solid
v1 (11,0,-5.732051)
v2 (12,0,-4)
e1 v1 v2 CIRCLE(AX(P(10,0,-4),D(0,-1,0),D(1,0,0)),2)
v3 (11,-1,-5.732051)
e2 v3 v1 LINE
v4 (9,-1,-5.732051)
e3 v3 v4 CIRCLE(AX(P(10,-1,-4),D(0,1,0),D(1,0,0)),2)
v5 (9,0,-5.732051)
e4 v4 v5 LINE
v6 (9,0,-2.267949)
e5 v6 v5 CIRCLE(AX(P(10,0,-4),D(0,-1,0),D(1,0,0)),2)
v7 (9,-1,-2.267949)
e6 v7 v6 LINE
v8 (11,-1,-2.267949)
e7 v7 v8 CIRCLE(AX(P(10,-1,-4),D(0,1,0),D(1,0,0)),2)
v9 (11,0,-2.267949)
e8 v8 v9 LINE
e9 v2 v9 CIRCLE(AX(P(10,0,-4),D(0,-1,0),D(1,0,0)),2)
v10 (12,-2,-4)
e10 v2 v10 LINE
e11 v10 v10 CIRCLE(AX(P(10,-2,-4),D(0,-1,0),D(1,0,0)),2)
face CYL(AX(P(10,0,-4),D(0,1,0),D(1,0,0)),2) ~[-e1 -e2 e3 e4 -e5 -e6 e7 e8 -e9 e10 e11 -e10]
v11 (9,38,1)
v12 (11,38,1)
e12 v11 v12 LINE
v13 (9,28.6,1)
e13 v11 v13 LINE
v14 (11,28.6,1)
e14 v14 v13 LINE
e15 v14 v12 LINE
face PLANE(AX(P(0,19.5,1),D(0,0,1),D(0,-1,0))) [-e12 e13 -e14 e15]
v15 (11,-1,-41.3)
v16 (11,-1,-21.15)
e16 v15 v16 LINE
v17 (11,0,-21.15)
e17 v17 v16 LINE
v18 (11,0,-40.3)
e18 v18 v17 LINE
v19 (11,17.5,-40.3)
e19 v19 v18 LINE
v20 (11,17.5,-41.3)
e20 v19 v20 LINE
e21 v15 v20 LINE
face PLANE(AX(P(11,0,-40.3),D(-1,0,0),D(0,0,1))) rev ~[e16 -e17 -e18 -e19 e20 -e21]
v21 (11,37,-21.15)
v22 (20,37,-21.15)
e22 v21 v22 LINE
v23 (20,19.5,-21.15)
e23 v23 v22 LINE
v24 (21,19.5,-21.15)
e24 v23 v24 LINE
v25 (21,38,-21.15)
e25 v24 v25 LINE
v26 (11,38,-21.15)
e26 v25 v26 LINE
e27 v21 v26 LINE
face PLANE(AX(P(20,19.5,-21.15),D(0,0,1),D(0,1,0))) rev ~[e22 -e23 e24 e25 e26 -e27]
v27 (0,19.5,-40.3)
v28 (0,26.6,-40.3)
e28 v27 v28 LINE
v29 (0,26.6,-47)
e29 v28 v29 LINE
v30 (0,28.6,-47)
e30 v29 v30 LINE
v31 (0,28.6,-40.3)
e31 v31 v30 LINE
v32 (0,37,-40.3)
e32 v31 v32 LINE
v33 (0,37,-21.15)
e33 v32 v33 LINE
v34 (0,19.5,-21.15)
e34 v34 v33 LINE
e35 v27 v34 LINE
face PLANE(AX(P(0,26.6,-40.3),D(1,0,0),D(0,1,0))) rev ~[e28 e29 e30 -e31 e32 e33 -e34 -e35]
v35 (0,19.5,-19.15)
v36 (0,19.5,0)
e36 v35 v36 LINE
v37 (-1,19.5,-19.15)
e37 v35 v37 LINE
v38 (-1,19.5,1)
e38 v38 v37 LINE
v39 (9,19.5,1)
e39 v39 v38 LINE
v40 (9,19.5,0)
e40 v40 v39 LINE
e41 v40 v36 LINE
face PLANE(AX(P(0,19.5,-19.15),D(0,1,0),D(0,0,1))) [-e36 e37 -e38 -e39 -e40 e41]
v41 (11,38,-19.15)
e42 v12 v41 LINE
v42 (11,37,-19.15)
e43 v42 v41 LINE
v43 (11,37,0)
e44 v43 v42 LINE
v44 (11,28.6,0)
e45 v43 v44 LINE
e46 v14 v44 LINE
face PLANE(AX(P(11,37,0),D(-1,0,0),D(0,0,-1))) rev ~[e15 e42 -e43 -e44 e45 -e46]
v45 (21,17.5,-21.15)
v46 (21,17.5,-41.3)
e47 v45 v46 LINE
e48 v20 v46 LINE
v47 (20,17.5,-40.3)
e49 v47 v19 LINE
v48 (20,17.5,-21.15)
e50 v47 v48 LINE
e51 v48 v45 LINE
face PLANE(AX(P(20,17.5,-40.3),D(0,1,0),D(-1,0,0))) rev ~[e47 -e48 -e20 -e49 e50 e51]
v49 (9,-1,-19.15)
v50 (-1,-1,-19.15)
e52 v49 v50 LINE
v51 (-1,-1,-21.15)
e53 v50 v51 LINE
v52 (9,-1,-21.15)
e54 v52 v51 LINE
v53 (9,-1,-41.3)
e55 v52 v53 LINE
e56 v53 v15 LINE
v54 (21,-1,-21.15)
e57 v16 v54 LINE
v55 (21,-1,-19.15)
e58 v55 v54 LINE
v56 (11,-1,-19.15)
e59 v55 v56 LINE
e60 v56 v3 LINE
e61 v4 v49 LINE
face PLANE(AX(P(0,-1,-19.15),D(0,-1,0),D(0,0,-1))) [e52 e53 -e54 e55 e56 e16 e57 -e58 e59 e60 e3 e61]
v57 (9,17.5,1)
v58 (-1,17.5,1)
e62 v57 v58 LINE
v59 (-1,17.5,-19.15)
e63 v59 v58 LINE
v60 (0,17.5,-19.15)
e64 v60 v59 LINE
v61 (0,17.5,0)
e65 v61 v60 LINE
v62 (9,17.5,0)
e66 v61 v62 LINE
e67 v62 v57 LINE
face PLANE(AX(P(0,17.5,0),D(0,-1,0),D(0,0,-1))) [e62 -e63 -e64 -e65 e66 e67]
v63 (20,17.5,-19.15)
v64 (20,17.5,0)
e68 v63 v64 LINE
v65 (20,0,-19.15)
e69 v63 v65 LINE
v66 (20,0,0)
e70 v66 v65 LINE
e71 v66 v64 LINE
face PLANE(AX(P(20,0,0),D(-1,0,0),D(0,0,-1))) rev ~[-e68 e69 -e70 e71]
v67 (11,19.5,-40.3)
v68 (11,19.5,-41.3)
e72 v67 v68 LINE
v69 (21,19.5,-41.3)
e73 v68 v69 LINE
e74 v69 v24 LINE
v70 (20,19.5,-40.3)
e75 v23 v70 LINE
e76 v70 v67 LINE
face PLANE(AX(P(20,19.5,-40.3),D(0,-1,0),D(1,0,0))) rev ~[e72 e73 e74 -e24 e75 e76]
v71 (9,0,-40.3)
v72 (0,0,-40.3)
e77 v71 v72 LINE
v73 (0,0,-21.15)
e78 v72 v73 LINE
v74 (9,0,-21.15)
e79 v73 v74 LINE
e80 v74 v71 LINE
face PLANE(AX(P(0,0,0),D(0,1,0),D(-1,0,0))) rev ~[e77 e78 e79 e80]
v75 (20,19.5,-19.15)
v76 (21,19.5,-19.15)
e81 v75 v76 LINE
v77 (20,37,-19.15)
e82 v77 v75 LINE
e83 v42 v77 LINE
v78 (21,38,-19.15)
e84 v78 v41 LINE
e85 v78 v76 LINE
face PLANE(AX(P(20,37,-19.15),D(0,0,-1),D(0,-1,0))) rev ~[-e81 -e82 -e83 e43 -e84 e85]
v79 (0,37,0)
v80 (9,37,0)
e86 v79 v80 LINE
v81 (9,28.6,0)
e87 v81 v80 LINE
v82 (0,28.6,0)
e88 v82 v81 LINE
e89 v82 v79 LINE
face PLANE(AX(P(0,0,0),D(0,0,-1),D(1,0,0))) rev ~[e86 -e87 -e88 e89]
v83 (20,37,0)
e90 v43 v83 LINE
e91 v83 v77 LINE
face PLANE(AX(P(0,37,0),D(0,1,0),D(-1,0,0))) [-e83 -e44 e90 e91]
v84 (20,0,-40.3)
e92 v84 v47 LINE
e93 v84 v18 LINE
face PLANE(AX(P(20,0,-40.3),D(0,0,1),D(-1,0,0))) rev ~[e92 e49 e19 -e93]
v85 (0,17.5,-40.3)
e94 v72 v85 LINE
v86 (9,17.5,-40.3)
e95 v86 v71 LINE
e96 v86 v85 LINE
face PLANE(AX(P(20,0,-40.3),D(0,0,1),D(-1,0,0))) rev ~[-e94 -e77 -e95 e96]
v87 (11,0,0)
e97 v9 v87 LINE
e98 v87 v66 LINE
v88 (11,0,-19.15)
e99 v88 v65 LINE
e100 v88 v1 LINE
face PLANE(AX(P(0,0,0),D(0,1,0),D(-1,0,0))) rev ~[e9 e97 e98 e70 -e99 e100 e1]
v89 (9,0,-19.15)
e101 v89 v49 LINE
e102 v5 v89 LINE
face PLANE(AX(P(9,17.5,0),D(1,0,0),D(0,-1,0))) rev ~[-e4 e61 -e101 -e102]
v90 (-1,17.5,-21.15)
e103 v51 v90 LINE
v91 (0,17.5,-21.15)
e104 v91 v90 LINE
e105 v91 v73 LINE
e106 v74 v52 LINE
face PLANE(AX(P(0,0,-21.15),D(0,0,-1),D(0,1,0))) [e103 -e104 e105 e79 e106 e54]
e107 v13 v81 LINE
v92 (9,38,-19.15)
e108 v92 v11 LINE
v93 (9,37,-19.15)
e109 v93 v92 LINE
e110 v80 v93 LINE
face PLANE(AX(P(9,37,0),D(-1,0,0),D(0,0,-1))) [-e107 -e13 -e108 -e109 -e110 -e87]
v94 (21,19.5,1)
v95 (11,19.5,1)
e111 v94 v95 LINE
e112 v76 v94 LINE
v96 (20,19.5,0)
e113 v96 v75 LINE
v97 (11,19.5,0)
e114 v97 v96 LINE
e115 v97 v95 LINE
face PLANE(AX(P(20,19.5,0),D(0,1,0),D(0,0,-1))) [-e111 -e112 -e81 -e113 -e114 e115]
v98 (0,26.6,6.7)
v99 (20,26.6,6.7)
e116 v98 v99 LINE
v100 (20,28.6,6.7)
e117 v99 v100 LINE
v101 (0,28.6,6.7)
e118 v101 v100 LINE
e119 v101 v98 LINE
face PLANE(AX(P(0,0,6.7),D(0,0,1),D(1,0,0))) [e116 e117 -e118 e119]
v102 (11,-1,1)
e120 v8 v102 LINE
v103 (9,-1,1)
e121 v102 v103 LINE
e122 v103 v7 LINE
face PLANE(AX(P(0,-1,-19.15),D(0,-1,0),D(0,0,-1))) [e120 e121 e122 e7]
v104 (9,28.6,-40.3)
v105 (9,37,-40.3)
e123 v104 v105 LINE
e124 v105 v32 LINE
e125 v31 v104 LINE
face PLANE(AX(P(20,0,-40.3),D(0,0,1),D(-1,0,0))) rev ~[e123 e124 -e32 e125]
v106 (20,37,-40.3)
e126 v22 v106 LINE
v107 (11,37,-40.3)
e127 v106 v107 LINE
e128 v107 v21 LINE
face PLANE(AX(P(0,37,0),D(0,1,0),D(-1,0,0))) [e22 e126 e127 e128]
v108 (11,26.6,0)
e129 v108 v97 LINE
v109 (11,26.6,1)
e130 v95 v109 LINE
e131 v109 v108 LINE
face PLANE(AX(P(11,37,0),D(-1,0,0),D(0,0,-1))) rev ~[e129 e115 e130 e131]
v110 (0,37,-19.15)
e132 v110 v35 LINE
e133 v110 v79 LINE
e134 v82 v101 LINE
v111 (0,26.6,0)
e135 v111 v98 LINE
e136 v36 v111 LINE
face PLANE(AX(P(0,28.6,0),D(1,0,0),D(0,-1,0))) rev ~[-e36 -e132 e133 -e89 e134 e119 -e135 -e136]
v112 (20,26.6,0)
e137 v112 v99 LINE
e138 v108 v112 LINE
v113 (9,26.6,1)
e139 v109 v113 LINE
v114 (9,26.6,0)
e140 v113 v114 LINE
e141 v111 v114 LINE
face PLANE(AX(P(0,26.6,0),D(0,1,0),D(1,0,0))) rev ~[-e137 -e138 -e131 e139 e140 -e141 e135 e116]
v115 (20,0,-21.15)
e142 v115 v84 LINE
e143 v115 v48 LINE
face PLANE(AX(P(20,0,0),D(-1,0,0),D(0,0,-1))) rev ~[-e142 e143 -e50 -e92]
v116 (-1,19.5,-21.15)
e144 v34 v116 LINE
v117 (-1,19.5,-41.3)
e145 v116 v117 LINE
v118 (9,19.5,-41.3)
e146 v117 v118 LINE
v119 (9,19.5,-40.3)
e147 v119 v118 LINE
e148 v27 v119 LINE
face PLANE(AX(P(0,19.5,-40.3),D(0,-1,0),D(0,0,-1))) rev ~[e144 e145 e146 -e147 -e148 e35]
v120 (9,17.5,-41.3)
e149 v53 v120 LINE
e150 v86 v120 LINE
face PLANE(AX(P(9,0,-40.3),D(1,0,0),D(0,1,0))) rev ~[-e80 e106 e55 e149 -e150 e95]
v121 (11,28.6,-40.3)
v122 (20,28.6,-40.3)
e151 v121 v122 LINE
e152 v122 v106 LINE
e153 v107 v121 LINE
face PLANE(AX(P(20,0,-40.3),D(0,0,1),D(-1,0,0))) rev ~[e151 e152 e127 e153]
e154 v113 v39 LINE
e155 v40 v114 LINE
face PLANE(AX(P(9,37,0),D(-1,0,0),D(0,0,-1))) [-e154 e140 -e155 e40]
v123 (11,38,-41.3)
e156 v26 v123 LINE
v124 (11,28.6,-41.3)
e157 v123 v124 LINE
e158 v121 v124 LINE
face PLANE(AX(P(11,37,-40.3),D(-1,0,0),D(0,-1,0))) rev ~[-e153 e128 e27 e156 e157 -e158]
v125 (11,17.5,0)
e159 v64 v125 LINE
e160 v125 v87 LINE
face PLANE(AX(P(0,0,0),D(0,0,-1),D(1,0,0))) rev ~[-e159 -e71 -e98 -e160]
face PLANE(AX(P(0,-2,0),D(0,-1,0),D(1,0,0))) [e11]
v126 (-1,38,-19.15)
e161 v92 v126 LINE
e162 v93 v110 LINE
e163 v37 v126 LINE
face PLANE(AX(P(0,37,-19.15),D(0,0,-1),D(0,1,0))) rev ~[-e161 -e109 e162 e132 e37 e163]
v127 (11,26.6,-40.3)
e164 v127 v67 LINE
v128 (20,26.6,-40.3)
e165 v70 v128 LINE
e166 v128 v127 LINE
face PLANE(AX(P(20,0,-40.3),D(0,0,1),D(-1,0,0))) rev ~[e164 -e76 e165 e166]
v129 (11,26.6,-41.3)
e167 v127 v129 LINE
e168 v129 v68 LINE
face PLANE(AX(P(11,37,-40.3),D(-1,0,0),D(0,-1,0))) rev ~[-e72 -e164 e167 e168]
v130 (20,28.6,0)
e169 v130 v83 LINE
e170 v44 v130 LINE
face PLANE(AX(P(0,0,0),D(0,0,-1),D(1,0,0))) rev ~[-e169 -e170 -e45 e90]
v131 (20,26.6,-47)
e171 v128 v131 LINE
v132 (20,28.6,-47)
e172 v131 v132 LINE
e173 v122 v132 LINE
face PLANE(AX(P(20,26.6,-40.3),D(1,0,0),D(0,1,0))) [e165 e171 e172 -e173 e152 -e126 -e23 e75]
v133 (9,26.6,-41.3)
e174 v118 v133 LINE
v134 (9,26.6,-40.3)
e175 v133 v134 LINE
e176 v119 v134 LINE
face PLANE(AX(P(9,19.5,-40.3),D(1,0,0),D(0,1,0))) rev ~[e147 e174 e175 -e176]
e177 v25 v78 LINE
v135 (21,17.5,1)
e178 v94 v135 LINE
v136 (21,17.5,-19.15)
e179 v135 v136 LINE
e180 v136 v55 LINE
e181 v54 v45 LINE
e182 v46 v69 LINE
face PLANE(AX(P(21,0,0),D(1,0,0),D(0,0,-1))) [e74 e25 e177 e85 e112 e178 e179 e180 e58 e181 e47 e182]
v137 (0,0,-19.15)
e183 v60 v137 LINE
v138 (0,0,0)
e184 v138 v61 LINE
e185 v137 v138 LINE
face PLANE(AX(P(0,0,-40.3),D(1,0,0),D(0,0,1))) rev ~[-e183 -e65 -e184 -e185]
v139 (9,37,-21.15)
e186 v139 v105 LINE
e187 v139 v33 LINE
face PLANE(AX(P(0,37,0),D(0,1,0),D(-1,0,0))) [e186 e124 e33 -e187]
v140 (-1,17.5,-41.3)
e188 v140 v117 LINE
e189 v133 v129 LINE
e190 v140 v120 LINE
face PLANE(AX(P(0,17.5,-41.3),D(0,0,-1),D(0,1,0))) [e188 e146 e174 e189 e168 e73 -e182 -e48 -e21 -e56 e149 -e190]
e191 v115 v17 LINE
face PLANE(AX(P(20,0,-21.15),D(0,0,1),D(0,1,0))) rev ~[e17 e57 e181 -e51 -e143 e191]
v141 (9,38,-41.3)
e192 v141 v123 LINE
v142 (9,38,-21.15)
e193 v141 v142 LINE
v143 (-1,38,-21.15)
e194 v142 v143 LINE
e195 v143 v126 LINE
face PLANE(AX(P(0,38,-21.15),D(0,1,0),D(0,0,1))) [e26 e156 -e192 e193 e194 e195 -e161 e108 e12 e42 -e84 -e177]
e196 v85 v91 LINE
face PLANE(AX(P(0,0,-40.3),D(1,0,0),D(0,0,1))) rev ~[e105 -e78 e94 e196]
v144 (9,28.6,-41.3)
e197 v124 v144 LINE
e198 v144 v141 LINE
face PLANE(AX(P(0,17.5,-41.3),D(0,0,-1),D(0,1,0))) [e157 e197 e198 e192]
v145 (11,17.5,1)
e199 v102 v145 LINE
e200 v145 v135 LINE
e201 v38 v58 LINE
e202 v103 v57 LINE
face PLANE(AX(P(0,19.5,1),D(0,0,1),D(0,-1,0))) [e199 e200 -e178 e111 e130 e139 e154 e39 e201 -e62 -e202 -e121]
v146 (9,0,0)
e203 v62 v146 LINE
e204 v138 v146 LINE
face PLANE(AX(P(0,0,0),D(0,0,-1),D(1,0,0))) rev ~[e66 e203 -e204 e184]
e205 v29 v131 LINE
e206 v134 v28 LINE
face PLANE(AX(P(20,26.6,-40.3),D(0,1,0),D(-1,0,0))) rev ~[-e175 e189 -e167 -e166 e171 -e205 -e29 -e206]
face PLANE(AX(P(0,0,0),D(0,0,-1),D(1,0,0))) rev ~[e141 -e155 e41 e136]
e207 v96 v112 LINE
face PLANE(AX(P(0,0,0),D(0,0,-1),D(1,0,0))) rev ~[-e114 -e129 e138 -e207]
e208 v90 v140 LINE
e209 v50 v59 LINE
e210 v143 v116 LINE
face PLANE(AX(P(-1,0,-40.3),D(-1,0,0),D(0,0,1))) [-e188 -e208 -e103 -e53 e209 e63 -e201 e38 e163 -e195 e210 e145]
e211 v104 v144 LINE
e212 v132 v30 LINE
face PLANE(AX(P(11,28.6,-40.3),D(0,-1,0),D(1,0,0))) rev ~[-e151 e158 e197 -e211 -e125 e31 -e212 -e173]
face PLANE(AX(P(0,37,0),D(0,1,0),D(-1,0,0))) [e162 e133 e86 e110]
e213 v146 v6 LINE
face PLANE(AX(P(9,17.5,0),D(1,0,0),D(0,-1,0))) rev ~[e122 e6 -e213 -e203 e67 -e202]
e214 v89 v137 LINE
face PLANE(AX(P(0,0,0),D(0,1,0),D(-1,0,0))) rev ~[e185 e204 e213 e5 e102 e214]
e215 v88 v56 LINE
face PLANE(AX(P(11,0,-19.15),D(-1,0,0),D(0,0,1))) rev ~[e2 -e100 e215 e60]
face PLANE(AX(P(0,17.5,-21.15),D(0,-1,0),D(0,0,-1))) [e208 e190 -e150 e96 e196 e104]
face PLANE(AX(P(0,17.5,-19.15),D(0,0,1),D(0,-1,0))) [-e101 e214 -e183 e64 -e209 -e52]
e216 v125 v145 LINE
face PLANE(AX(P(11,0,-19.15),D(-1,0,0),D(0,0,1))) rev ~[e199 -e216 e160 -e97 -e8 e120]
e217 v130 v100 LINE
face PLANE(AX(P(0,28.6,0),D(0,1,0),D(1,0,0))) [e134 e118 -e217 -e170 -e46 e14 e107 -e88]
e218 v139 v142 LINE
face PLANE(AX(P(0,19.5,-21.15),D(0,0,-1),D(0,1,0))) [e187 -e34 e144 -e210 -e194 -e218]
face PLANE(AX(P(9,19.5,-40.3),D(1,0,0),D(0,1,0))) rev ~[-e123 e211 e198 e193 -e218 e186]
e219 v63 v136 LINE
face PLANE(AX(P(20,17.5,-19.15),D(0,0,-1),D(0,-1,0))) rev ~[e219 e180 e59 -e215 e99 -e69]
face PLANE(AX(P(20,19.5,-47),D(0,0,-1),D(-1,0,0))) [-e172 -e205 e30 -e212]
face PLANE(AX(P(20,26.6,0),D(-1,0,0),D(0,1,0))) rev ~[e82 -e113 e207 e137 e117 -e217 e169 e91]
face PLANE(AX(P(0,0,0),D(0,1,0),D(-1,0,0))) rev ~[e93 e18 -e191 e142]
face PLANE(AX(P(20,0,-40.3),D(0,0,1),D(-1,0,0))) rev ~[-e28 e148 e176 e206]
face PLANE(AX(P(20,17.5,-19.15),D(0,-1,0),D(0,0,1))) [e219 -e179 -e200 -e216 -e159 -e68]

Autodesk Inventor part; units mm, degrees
ref_plane "YZ Plane" through (0, 0, 0) normal (1, 0, 0) x (0, 1, 0)
ref_plane "XZ Plane" through (0, 0, 0) normal (0, 1, 0) x (-1, 0, 0)
ref_plane "XY Plane" through (0, 0, 0) normal (0, 0, 1) x (1, 0, 0)
sketch "Sketch1" plane through (0, 0, 0) normal (0, 1, 0) x (-1, 0, 0)
  line L0 (0, 0) -> (-20, 0)
  line L1 (-20, 0) -> (-20, -40.3)
  line L2 (-20, -40.3) -> (0, -40.3)
  line L3 (0, -40.3) -> (0, 0)
  dimension "d0" = 20
  dimension "d1" = 40.3
extrude "Extrusion1" add sketch "Sketch1" along normal blind 37
sketch "Sketch2" plane through (20, 0, 0) normal (1, 0, 0) x (0, 0, -1)
  line L0 (0, 0) -> (40.3, 0) projected
  line L1 (40.3, 0) -> (40.3, 37) projected
  line L2 (21.15, 37) -> (19.15, 37)
  line L3 (19.15, 37) -> (19.15, 0)
  line L4 (19.15, 0) -> (21.15, 0)
  line L5 (21.15, 0) -> (21.15, 37)
  line L6 (0, 37) -> (40.3, 37) projected
  line L7 (0, 19.5) -> (40.3, 19.5)
  line L8 (40.3, 19.5) -> (40.3, 17.5)
  line L9 (40.3, 17.5) -> (0, 17.5)
  line L10 (0, 17.5) -> (0, 19.5)
  line L11 (0, 0) -> (0, 37) projected
  point P0 (19.15, 19.5)
  point P1 (19.15, 17.5)
  point P2 (21.15, 17.5)
  point P3 (21.15, 19.5)
  dimension "d5" = 2
  dimension "d6" = 19.15
  dimension "d7" = 0
  dimension "d9" = 2
  dimension "d10" = 17.5
  dimension "d11" = 0
extrude "Extrusion2" add sketch "Sketch2" along normal blind 1 contours L3 L9 L5 L0 | L10 L7 L3 L9 | L3 L7 L5 L9 | L5 L7 L1 L9 | L3 L2 L5 L7
sketch "Sketch3" plane through (0, 0, 0) normal (0, -1, 0) x (1, 0, 0)
  line L0 (0, 0) -> (20, 0) projected
  line L1 (0, -40.3) -> (0, 0) projected
  line L2 (20, -40.3) -> (0, -40.3) projected
  line L3 (20, -21.15) -> (21, -21.15) projected
  line L4 (21, -19.15) -> (21, -21.15) projected
  line L5 (20, -19.15) -> (21, -19.15) projected
  line L6 (21, -19.15) -> (0, -19.15)
  line L7 (0, -19.15) -> (0, -21.15)
  line L8 (0, -21.15) -> (21, -21.15)
  line L9 (21, -21.15) -> (21, -19.15)
  line L10 (0, 0) -> (20, 0) projected
  line L11 (11, 0) -> (9, 0)
  line L12 (9, 0) -> (9, -40.3)
  line L13 (9, -40.3) -> (11, -40.3)
  line L14 (11, -40.3) -> (11, 0)
  line L15 (9, -40.3) -> (9, 0)
  point P0 (9, -21.15)
  point P1 (11, -21.15)
  point P2 (11, -19.15)
  point P3 (9, -19.15)
  dimension "d14" = 10
  dimension "d15" = 12
  dimension "d16" = 0
extrude "Extrusion3" add sketch "Sketch3" along normal blind 1 contours L0 L14 L6 L12 | L6 L12 L8 L1 | L6 L14 L8 L12 | L6 L5 L4 L3 L8 L14 | L8 L14 L2 L12
sketch "Sketch4" plane through (20, 37, -40.3) normal (0, 0, -1) x (-1, 0, 0)
  line L0 (9, -37) -> (9, -38) projected
  line L1 (11, -38) -> (9, -38) projected
  line L2 (11, -37) -> (11, -38) projected
  line L3 (20, -37) -> (20, 0) projected
  line L4 (0, 0) -> (20, 0) projected
  line L5 (0, -17.5) -> (-1, -17.5) projected
  line L6 (-1, -19.5) -> (-1, -17.5) projected
  line L7 (0, -19.5) -> (-1, -19.5) projected
  line L8 (9, -38) -> (11, -38)
  line L9 (11, -38) -> (11, 0)
  line L10 (11, 0) -> (9, 0)
  line L11 (9, 0) -> (9, -38)
  line L12 (-1, -19.5) -> (20, -19.5)
  line L13 (20, -19.5) -> (20, -17.5)
  line L14 (20, -17.5) -> (-1, -17.5)
  line L15 (-1, -17.5) -> (-1, -19.5)
  point P0 (11, -17.5)
  point P1 (9, -17.5)
  point P2 (9, -19.5)
  point P3 (11, -19.5)
extrude "Extrusion4" add sketch "Sketch4" along normal blind 1 contours L11 L12 L9 L2 L1 L0 | L12 L7 L6 L5 L14 L11 | L11 L14 L9 L12 | L11 L4 L9 L14 | L9 L14 L3 L12
sketch "Sketch5" plane through (0, 37, 0) normal (0, 1, 0) x (1, 0, 0)
  line L0 (20, 19.15) -> (21, 19.15) projected
  line L1 (21, 21.15) -> (21, 19.15) projected
  line L2 (20, 21.15) -> (21, 21.15) projected
  line L3 (11, 40.3) -> (11, 41.3) projected
  line L4 (9, 41.3) -> (11, 41.3) projected
  line L5 (9, 40.3) -> (9, 41.3) projected
  line L6 (0, 40.3) -> (0, 0) projected
  line L7 (0, 0) -> (20, 0) projected
  line L8 (9, 0) -> (9, 19.15) projected
  line L9 (11, 41.3) -> (9, 41.3)
  line L10 (9, 41.3) -> (9, 0)
  line L11 (9, 0) -> (11, 0)
  line L12 (11, 0) -> (11, 41.3)
  line L13 (9, 19.15) -> (0, 19.15) projected
  line L14 (21, 21.15) -> (0, 21.15)
  line L15 (0, 21.15) -> (0, 19.15)
  line L16 (0, 19.15) -> (21, 19.15)
  line L17 (21, 19.15) -> (21, 21.15)
  point P0 (11, 19.15)
  point P1 (11, 21.15)
  point P2 (9, 21.15)
extrude "Extrusion5" add sketch "Sketch5" along normal blind 1 contours L16 L12 L14 L2 L1 L0 | L16 L10 L14 L12 | L12 L7 L8 L16 | L14 L10 L5 L4 L3 L12 | L13 L6 L14 L10
sketch "Sketch6" plane through (0, 0, 0) normal (0, 0, 1) x (1, 0, 0)
  line L0 (9, 0) -> (9, -1) projected
  line L1 (11, -1) -> (9, -1) projected
  line L2 (11, 0) -> (11, -1) projected
  line L3 (20, 17.5) -> (21, 17.5) projected
  line L4 (21, 19.5) -> (21, 17.5) projected
  line L5 (20, 19.5) -> (21, 19.5) projected
  line L6 (11, 37) -> (11, 38) projected
  line L7 (9, 38) -> (11, 38) projected
  line L8 (9, 37) -> (9, 38) projected
  line L9 (0, 0) -> (0, 37) projected
  line L10 (11, 37) -> (11, 38) projected
  line L11 (0, -1) -> (9, -1) projected
  line L12 (11, 38) -> (9, 38)
  line L13 (9, 38) -> (9, -1)
  line L14 (9, -1) -> (11, -1)
  line L15 (11, -1) -> (11, 38)
  line L16 (21, 19.5) -> (21, 17.5) projected
  line L17 (0, 0) -> (0, 17.5) projected
  line L18 (21, 19.5) -> (0, 19.5)
  line L19 (0, 19.5) -> (0, 17.5)
  line L20 (0, 17.5) -> (21, 17.5)
  line L21 (21, 17.5) -> (21, 19.5)
  point P0 (11, 17.5)
  point P1 (11, 19.5)
  point P2 (9, 19.5)
  point P3 (9, 17.5)
extrude "Extrusion6" add sketch "Sketch6" along normal blind 1
sketch "Sketch7" plane through (0, 0, -40.3) normal (-1, 0, 0) x (0, 0, 1)
  line L0 (19.15, 0) -> (19.15, -1) projected
  line L1 (21.15, -1) -> (19.15, -1) projected
  line L2 (21.15, 0) -> (21.15, -1) projected
  line L3 (40.3, 17.5) -> (41.3, 17.5) projected
  line L4 (41.3, 19.5) -> (41.3, 17.5) projected
  line L5 (40.3, 19.5) -> (41.3, 19.5) projected
  line L6 (21.15, 37) -> (21.15, 38) projected
  line L7 (19.15, 38) -> (21.15, 38) projected
  line L8 (19.15, 37) -> (19.15, 38) projected
  line L9 (0, 19.5) -> (-1, 19.5) projected
  line L10 (-1, 17.5) -> (-1, 19.5) projected
  line L11 (0, 17.5) -> (-1, 17.5) projected
  line L12 (19.15, -1) -> (21.15, -1) projected
  line L13 (21.15, -1) -> (19.15, -1)
  line L14 (19.15, -1) -> (19.15, 38)
  line L15 (19.15, 38) -> (21.15, 38)
  line L16 (21.15, 38) -> (21.15, -1)
  line L17 (41.3, 17.5) -> (-1, 17.5)
  line L18 (-1, 17.5) -> (-1, 19.5)
  line L19 (-1, 19.5) -> (41.3, 19.5)
  line L20 (41.3, 19.5) -> (41.3, 17.5)
  point P0 (21.15, 19.5)
  point P1 (19.15, 19.5)
  point P2 (19.15, 17.5)
  point P3 (21.15, 17.5)
extrude "Extrusion7" add sketch "Sketch7" along normal blind 1
sketch "Sketch8" plane through (0, 0, 0) normal (0, -1, 0) x (1, 0, 0)
  circle A0 centre (10, -4) radius 2
  point P0 (0, 0)
  dimension "d27" = 4
extrude "Extrusion8" add sketch "Sketch8" along normal blind 2
sketch "Sketch9" plane through (0, 0, 0) normal (0, 0, 1) x (1, 0, 0)
  line L0 (0, 37) -> (0, 19.5) projected
  line L1 (0, 0) -> (26.6, 0) construction
  line L2 (0, 26.6) -> (20, 26.6)
  line L3 (20, 19.5) -> (20, 37) projected
  line L4 (20, 26.6) -> (0, 26.6)
  line L5 (0, 26.6) -> (0, 28.6)
  line L6 (0, 28.6) -> (20, 28.6)
  line L7 (20, 28.6) -> (20, 26.6)
  dimension "d30" = 26.6
  dimension "d32" = 20
  dimension "d33" = 2
extrude "Extrusion9" add sketch "Sketch9" along normal blind 6.7
sketch "Sketch10" plane through (20, 19.5, -40.3) normal (0, 0, -1) x (-1, 0, 0)
  line L0 (0, 0) -> (0, 17.5) projected
  line L1 (9, 9.1) -> (0, 9.1) projected
  line L2 (0, 7.1) -> (9, 7.1) projected
  line L3 (20, 9.1) -> (11, 9.1) projected
  line L4 (0, 7.1) -> (20, 7.1)
  line L5 (20, 7.1) -> (20, 9.1)
  line L6 (20, 9.1) -> (0, 9.1)
  line L7 (0, 9.1) -> (0, 7.1)
  point P0 (20, -19.5)
extrude "Extrusion10" add sketch "Sketch10" along normal blind 6.7
properties part number "Motor"
